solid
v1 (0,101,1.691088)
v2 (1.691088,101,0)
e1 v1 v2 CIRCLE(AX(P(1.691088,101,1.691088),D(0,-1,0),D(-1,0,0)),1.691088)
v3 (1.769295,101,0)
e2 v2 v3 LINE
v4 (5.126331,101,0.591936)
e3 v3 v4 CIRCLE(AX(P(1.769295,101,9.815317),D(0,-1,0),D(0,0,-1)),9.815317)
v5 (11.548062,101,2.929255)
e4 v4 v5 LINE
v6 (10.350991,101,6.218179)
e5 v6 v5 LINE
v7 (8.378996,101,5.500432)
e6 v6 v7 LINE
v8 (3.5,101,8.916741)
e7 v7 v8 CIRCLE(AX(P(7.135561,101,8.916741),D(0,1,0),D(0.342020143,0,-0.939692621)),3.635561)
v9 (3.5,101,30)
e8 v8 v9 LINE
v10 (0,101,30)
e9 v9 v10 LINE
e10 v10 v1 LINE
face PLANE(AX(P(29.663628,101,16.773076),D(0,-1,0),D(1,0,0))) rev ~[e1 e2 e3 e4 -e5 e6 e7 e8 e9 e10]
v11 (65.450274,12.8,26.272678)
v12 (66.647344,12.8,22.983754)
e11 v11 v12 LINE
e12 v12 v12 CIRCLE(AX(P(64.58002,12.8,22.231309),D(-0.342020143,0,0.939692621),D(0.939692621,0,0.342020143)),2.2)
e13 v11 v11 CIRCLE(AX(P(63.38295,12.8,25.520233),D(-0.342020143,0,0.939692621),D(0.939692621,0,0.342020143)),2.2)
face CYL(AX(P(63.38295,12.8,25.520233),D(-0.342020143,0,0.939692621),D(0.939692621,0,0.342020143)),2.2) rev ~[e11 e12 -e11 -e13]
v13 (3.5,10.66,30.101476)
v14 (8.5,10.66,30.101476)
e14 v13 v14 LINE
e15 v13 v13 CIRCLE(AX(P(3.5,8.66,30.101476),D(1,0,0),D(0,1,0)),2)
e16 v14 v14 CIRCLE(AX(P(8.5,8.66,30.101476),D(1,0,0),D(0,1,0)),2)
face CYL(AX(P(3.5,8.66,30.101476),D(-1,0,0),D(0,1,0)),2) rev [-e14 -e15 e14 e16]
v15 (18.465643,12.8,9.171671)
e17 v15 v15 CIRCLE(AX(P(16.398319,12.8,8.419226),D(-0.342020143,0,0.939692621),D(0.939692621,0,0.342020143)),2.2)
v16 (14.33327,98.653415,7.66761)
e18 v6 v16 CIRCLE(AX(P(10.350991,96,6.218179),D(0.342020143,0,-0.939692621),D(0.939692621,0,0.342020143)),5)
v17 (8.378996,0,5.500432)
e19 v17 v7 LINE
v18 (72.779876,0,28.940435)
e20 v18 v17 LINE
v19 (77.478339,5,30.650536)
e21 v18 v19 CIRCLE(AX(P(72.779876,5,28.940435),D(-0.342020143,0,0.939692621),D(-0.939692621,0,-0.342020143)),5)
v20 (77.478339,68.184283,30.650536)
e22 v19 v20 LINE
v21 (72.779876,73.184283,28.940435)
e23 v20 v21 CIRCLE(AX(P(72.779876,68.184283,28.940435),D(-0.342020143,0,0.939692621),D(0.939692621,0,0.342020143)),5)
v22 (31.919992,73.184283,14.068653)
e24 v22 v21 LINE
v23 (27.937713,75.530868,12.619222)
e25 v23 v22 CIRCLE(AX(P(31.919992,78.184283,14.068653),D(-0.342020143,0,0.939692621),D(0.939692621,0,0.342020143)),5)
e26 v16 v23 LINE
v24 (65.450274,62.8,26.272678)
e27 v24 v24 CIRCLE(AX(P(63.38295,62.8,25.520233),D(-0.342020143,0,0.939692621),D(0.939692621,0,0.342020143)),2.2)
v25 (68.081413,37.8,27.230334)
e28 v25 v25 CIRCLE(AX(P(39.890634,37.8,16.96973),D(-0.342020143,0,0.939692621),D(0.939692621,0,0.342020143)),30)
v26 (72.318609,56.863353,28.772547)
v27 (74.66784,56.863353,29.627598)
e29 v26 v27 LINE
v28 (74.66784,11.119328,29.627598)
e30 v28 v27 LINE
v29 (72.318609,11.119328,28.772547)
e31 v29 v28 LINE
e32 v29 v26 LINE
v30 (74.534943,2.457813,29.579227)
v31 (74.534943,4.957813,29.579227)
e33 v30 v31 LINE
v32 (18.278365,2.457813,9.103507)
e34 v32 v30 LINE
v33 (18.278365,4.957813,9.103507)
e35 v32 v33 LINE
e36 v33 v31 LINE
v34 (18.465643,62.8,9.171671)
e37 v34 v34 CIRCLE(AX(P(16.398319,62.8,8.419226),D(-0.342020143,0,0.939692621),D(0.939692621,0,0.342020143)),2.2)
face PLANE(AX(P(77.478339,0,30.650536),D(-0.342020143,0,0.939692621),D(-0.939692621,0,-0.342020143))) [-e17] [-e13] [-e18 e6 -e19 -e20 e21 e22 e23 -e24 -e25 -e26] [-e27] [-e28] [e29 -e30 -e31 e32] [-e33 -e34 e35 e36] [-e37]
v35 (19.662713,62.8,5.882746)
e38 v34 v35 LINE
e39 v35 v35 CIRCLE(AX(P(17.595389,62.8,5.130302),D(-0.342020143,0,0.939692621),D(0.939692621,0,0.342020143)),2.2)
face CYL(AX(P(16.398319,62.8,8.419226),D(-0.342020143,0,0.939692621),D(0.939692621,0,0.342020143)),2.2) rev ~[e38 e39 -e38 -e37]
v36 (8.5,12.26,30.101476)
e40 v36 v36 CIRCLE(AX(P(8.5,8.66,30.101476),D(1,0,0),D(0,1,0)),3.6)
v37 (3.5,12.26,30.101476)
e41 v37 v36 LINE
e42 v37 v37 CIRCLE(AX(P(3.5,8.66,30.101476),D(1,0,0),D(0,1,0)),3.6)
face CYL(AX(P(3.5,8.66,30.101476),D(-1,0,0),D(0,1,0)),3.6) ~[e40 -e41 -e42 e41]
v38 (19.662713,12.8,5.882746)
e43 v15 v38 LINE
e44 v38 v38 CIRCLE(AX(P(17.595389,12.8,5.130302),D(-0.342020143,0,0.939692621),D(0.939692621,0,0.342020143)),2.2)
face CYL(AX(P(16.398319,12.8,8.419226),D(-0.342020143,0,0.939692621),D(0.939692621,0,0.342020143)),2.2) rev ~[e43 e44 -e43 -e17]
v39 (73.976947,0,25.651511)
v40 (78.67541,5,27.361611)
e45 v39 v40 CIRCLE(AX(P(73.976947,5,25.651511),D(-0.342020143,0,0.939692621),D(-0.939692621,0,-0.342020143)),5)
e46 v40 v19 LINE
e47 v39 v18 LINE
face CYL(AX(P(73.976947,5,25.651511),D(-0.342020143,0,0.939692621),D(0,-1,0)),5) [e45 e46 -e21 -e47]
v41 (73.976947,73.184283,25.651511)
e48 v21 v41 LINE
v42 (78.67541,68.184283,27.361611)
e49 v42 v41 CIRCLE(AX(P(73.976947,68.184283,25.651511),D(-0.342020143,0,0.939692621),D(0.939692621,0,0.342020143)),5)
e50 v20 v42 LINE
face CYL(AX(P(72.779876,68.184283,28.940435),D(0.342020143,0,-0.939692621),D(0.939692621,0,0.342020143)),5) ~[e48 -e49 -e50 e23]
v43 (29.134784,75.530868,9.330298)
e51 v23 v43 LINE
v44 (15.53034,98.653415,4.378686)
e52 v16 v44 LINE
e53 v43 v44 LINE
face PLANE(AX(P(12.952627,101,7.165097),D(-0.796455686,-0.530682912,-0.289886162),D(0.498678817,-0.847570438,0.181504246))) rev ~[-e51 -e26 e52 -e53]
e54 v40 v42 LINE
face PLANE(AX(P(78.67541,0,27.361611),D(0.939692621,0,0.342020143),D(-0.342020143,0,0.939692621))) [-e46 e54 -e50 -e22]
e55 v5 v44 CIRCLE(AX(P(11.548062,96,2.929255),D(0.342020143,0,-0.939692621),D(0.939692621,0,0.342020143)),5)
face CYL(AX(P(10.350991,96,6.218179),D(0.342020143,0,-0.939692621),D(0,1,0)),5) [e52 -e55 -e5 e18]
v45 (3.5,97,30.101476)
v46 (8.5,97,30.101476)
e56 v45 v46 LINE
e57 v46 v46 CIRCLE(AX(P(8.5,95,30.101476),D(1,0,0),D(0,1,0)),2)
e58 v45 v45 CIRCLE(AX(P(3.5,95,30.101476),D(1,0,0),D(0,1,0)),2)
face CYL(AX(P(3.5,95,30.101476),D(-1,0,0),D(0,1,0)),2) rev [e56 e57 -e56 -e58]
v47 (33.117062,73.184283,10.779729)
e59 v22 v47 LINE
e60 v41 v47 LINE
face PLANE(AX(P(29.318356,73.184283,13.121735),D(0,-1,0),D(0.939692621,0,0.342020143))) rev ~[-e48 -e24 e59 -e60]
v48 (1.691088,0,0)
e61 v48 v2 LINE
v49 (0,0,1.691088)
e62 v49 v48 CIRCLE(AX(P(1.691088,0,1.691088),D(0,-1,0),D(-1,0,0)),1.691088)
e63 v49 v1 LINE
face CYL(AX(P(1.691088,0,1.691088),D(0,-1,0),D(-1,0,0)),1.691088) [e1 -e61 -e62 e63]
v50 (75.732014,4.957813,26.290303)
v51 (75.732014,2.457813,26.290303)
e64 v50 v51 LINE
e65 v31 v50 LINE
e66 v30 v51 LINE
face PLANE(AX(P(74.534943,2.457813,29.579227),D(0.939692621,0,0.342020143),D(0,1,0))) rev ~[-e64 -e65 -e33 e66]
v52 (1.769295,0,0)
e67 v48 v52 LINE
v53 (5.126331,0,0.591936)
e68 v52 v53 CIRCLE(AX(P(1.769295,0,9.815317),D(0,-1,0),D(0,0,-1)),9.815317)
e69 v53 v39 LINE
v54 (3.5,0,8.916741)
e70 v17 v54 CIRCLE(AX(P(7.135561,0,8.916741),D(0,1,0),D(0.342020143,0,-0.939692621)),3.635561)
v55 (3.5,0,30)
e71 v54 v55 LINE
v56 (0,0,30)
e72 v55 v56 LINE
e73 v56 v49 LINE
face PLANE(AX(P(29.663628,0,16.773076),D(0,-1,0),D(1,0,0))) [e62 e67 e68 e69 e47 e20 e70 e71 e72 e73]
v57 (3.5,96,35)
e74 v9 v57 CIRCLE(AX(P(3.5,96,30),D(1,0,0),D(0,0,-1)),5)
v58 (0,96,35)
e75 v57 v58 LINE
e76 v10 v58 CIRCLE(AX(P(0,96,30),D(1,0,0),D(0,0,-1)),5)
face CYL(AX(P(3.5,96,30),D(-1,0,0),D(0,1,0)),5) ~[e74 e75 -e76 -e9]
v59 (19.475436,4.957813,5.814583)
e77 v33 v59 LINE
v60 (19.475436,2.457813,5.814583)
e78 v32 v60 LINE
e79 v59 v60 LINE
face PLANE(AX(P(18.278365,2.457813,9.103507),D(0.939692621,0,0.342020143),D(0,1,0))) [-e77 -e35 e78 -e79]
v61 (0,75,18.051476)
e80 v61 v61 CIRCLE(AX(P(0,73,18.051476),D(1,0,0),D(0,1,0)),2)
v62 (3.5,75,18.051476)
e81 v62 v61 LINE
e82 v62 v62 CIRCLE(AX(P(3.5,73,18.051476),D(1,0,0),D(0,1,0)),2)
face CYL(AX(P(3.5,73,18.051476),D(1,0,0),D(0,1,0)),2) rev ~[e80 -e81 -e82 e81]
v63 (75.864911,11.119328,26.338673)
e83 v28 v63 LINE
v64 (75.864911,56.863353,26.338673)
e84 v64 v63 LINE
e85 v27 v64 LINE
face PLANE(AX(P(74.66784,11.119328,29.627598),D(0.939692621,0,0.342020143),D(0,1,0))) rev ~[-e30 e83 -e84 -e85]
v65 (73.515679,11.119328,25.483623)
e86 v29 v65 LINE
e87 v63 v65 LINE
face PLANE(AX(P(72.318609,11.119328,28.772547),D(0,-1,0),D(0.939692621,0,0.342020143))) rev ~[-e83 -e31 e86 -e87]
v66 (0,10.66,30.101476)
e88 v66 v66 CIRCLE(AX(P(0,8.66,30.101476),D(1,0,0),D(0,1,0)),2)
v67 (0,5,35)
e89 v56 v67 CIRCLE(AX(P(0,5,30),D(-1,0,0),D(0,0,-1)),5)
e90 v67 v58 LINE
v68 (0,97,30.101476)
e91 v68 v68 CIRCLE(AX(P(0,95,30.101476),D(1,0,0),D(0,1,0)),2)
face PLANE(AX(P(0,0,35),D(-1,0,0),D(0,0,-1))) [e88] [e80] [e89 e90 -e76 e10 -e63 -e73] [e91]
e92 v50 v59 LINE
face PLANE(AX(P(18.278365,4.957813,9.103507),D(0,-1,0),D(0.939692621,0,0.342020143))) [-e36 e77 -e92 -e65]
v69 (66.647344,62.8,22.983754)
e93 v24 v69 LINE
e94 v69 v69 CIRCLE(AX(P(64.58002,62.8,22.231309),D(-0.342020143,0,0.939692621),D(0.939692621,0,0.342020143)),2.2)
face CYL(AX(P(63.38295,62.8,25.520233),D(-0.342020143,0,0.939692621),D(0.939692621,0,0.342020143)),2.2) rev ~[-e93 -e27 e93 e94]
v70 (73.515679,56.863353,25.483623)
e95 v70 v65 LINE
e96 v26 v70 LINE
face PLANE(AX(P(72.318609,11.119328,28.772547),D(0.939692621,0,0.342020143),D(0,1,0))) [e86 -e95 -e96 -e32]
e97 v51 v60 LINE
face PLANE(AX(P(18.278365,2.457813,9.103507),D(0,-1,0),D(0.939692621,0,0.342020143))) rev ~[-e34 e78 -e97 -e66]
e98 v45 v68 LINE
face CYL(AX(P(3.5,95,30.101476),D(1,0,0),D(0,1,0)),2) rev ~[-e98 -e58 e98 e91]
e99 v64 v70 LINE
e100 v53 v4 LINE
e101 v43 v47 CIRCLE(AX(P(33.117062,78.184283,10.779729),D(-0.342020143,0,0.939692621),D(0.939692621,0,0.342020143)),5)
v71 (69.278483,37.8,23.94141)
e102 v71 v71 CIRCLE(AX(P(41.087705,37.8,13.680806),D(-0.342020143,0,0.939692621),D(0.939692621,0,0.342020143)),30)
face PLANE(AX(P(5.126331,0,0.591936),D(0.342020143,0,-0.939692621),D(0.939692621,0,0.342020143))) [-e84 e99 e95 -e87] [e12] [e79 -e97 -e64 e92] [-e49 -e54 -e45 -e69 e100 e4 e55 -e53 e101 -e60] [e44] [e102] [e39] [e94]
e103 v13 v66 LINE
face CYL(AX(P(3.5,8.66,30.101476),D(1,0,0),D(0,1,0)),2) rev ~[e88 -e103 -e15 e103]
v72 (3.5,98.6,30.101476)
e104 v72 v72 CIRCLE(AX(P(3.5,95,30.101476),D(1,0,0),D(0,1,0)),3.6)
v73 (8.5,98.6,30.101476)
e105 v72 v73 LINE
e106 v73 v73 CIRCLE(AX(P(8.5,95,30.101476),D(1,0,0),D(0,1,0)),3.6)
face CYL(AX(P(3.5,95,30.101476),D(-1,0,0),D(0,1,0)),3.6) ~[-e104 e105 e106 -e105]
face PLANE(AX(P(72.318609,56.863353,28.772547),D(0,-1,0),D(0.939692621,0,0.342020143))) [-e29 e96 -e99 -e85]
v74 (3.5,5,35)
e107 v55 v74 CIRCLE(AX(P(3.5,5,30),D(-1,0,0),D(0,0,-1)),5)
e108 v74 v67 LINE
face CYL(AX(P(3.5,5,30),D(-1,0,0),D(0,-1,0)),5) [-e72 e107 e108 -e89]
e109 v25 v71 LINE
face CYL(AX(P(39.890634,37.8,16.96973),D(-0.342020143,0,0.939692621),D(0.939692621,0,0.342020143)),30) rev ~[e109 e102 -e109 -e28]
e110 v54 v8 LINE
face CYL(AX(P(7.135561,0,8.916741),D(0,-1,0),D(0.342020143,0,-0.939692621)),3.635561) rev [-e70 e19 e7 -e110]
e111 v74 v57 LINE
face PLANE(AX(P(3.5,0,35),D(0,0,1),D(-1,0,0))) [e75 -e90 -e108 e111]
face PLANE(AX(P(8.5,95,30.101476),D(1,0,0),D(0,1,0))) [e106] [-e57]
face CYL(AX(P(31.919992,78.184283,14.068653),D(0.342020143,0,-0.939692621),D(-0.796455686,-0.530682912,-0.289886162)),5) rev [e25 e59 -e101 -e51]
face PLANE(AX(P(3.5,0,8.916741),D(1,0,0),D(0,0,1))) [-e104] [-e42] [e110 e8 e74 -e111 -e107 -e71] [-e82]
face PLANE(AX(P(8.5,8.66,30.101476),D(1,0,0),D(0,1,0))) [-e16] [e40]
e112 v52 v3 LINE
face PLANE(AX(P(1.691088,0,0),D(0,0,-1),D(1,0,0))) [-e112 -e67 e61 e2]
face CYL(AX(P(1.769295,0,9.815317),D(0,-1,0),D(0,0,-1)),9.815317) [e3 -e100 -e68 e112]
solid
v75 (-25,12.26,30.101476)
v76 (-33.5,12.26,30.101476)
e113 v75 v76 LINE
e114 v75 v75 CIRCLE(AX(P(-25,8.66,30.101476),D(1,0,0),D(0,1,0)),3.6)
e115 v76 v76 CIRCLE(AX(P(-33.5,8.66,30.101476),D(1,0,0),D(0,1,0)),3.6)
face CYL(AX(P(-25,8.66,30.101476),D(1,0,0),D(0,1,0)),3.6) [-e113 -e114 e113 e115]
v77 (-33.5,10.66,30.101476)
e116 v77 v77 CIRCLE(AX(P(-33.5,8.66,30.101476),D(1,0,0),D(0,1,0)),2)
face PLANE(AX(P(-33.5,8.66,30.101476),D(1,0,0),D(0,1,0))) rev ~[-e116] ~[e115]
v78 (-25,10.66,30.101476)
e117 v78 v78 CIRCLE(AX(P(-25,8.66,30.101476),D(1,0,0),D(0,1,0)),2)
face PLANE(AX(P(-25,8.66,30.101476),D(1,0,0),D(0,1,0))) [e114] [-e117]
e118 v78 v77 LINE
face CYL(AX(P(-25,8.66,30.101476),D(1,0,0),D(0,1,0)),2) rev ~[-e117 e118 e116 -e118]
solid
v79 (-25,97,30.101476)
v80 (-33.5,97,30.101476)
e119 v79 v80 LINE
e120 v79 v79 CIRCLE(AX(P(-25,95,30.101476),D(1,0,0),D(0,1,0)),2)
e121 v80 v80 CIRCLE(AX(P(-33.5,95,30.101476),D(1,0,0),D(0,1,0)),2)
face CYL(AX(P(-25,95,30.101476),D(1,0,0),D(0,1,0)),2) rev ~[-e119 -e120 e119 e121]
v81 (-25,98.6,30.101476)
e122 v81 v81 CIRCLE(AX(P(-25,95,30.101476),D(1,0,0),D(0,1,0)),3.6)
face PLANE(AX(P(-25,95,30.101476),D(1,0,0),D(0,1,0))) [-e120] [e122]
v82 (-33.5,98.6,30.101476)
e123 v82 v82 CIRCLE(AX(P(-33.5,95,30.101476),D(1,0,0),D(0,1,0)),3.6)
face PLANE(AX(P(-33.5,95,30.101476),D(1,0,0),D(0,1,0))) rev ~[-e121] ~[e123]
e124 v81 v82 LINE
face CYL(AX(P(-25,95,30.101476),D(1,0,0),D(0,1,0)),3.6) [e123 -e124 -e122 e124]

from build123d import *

# Parameters (mm, degrees)
F1_DEPTH  = 101
F2_R      = 2
F3_DEPTH  = 3.501
F4_R      = 3.6
F4_R_2    = 2
F5_DEPTH  = 5
F7_D      = 4.4
F7_DEPTH  = 29.2125043875
F8_R      = 30
F9_DEPTH  = 29.2125043875
F10_W     = 2.5
F10_H     = 45.7440251485
F10_W_2   = 59.867
F10_H_2   = 2.5
F11_DEPTH = 29.2125043875
F12_R     = 5
F16_R     = 3.6
F16_R_2   = 2
F17_DEPTH = 8.5


with BuildPart() as f1:
    # F0 (on Front) → F1 (new body)
    with BuildSketch(Plane.XZ):
        with BuildLine():
            ThreePointArc((0, 1.6910881801), (0.4953082604, 0.4953082604), (1.6910881801, 0))
            Line((1.6910881801, 0), (1.7692948072, 0))
            ThreePointArc((1.7692948072, 0), (3.4737066992, 0.1491167185), (5.1263308984, 0.5919360381))
            Line((5.1263308984, 0.5919360381), (78.6754096629, 27.3616114661))
            Line((78.6754096629, 27.3616114661), (77.4783391612, 30.6505356388))
            Line((77.4783391612, 30.6505356388), (8.3789960821, 5.5004315507))
            ThreePointArc((8.3789960821, 5.5004315507), (5.0502888736, 5.9386641684), (3.5, 8.9167413863))
            Line((3.5, 8.9167413863), (3.5, 35))
            Line((3.5, 35), (0, 35))
            Line((0, 35), (0, 1.6910881801))
        make_face()
    extrude(amount=-F1_DEPTH)

    # F2 (on face) → F3 (cut, through all)
    with BuildSketch(Plane.YZ.offset(3.5)):
        with Locations((95, 30.1014762372)):
            Circle(F2_R)
        with Locations((73, 18.0514762372)):
            Circle(F2_R)
        with Locations((8.66, 30.1014762372)):
            Circle(F2_R)
    extrude(amount=-F3_DEPTH, mode=Mode.SUBTRACT)

    # F4 (on face) → F5 (join)
    with BuildSketch(Plane.YZ.offset(3.5)):
        with Locations((8.66, 30.1014762372)):
            Circle(F4_R)
        with Locations((8.66, 30.1014762372)):
            Circle(F4_R_2, mode=Mode.SUBTRACT)
        with Locations((95, 30.1014762372)):
            Circle(F4_R)
        with Locations((95, 30.1014762372)):
            Circle(F4_R_2, mode=Mode.SUBTRACT)
    extrude(amount=F5_DEPTH)

    # F7 (through all, one way)
    with BuildSketch(Plane(origin=(-0.7876482771, 0, 2.1640458558), x_dir=(0.9396926208, 0, 0.3420201433), z_dir=(-0.3420201433, 0, 0.9396926208))):
        with Locations((18.2889241728, 12.8), (18.2889241728, 62.8), (68.2889241728, 62.8), (68.2889241728, 12.8)):
            Circle(F7_D / 2)
    extrude(amount=-F7_DEPTH, mode=Mode.SUBTRACT)

    # F8 (on face) → F9 (cut, through all)
    with BuildSketch(Plane(origin=(-0.7876482771, 0, 2.1640458558), x_dir=(0.9396926208, 0, 0.3420201433), z_dir=(-0.3420201433, 0, 0.9396926208))):
        with Locations((43.2889241728, 37.8)):
            Circle(F8_R)
    extrude(amount=-F9_DEPTH, mode=Mode.SUBTRACT)

    # F10 (on face) → F11 (cut, through all)
    with BuildSketch(Plane(origin=(-0.7876482771, 0, 2.1640458558), x_dir=(0.9396926208, 0, 0.3420201433), z_dir=(-0.3420201433, 0, 0.9396926208))):
        Polygon((83.2889241728, 101), (14.622095041, 101), (32.038141042, 73.1842829585), (83.2889241728, 73.1842829585), align=None)
        with Locations((79.0480536222, 33.9913400821)):
            Rectangle(F10_W, F10_H)
        with Locations((50.2231278352, 3.7078128941)):
            Rectangle(F10_W_2, F10_H_2)
    extrude(amount=-F11_DEPTH, mode=Mode.SUBTRACT)

    # F12
    f12_edges = [f1.edges().sort_by_distance(p)[0] for p in [
        (13.551162, 101, 5.520635),
        (29.916892, 73.184283, 11.477273),
        (78.076874, 73.184283, 29.006074),
        (78.076874, 0, 29.006074),
        (1.75, 0, 35),
        (1.75, 101, 35),
    ]]
    fillet(f12_edges, radius=F12_R)


with BuildPart() as f17:
    # F16 (on offset) → F17 (new body)
    with BuildSketch(Plane.YZ.offset(-25)):
        with Locations((95, 30.1014762372)):
            Circle(F16_R)
        with Locations((95, 30.1014762372)):
            Circle(F16_R_2, mode=Mode.SUBTRACT)
    extrude(amount=-F17_DEPTH)


with BuildPart() as f17b:
    # F16 (on offset) → F17, piece 2 (new body)
    with BuildSketch(Plane.YZ.offset(-25)):
        with Locations((8.66, 30.1014762372)):
            Circle(F16_R)
        with Locations((8.66, 30.1014762372)):
            Circle(F16_R_2, mode=Mode.SUBTRACT)
    extrude(amount=-F17_DEPTH)


solid = Compound([f1.part, f17.part, f17b.part])
